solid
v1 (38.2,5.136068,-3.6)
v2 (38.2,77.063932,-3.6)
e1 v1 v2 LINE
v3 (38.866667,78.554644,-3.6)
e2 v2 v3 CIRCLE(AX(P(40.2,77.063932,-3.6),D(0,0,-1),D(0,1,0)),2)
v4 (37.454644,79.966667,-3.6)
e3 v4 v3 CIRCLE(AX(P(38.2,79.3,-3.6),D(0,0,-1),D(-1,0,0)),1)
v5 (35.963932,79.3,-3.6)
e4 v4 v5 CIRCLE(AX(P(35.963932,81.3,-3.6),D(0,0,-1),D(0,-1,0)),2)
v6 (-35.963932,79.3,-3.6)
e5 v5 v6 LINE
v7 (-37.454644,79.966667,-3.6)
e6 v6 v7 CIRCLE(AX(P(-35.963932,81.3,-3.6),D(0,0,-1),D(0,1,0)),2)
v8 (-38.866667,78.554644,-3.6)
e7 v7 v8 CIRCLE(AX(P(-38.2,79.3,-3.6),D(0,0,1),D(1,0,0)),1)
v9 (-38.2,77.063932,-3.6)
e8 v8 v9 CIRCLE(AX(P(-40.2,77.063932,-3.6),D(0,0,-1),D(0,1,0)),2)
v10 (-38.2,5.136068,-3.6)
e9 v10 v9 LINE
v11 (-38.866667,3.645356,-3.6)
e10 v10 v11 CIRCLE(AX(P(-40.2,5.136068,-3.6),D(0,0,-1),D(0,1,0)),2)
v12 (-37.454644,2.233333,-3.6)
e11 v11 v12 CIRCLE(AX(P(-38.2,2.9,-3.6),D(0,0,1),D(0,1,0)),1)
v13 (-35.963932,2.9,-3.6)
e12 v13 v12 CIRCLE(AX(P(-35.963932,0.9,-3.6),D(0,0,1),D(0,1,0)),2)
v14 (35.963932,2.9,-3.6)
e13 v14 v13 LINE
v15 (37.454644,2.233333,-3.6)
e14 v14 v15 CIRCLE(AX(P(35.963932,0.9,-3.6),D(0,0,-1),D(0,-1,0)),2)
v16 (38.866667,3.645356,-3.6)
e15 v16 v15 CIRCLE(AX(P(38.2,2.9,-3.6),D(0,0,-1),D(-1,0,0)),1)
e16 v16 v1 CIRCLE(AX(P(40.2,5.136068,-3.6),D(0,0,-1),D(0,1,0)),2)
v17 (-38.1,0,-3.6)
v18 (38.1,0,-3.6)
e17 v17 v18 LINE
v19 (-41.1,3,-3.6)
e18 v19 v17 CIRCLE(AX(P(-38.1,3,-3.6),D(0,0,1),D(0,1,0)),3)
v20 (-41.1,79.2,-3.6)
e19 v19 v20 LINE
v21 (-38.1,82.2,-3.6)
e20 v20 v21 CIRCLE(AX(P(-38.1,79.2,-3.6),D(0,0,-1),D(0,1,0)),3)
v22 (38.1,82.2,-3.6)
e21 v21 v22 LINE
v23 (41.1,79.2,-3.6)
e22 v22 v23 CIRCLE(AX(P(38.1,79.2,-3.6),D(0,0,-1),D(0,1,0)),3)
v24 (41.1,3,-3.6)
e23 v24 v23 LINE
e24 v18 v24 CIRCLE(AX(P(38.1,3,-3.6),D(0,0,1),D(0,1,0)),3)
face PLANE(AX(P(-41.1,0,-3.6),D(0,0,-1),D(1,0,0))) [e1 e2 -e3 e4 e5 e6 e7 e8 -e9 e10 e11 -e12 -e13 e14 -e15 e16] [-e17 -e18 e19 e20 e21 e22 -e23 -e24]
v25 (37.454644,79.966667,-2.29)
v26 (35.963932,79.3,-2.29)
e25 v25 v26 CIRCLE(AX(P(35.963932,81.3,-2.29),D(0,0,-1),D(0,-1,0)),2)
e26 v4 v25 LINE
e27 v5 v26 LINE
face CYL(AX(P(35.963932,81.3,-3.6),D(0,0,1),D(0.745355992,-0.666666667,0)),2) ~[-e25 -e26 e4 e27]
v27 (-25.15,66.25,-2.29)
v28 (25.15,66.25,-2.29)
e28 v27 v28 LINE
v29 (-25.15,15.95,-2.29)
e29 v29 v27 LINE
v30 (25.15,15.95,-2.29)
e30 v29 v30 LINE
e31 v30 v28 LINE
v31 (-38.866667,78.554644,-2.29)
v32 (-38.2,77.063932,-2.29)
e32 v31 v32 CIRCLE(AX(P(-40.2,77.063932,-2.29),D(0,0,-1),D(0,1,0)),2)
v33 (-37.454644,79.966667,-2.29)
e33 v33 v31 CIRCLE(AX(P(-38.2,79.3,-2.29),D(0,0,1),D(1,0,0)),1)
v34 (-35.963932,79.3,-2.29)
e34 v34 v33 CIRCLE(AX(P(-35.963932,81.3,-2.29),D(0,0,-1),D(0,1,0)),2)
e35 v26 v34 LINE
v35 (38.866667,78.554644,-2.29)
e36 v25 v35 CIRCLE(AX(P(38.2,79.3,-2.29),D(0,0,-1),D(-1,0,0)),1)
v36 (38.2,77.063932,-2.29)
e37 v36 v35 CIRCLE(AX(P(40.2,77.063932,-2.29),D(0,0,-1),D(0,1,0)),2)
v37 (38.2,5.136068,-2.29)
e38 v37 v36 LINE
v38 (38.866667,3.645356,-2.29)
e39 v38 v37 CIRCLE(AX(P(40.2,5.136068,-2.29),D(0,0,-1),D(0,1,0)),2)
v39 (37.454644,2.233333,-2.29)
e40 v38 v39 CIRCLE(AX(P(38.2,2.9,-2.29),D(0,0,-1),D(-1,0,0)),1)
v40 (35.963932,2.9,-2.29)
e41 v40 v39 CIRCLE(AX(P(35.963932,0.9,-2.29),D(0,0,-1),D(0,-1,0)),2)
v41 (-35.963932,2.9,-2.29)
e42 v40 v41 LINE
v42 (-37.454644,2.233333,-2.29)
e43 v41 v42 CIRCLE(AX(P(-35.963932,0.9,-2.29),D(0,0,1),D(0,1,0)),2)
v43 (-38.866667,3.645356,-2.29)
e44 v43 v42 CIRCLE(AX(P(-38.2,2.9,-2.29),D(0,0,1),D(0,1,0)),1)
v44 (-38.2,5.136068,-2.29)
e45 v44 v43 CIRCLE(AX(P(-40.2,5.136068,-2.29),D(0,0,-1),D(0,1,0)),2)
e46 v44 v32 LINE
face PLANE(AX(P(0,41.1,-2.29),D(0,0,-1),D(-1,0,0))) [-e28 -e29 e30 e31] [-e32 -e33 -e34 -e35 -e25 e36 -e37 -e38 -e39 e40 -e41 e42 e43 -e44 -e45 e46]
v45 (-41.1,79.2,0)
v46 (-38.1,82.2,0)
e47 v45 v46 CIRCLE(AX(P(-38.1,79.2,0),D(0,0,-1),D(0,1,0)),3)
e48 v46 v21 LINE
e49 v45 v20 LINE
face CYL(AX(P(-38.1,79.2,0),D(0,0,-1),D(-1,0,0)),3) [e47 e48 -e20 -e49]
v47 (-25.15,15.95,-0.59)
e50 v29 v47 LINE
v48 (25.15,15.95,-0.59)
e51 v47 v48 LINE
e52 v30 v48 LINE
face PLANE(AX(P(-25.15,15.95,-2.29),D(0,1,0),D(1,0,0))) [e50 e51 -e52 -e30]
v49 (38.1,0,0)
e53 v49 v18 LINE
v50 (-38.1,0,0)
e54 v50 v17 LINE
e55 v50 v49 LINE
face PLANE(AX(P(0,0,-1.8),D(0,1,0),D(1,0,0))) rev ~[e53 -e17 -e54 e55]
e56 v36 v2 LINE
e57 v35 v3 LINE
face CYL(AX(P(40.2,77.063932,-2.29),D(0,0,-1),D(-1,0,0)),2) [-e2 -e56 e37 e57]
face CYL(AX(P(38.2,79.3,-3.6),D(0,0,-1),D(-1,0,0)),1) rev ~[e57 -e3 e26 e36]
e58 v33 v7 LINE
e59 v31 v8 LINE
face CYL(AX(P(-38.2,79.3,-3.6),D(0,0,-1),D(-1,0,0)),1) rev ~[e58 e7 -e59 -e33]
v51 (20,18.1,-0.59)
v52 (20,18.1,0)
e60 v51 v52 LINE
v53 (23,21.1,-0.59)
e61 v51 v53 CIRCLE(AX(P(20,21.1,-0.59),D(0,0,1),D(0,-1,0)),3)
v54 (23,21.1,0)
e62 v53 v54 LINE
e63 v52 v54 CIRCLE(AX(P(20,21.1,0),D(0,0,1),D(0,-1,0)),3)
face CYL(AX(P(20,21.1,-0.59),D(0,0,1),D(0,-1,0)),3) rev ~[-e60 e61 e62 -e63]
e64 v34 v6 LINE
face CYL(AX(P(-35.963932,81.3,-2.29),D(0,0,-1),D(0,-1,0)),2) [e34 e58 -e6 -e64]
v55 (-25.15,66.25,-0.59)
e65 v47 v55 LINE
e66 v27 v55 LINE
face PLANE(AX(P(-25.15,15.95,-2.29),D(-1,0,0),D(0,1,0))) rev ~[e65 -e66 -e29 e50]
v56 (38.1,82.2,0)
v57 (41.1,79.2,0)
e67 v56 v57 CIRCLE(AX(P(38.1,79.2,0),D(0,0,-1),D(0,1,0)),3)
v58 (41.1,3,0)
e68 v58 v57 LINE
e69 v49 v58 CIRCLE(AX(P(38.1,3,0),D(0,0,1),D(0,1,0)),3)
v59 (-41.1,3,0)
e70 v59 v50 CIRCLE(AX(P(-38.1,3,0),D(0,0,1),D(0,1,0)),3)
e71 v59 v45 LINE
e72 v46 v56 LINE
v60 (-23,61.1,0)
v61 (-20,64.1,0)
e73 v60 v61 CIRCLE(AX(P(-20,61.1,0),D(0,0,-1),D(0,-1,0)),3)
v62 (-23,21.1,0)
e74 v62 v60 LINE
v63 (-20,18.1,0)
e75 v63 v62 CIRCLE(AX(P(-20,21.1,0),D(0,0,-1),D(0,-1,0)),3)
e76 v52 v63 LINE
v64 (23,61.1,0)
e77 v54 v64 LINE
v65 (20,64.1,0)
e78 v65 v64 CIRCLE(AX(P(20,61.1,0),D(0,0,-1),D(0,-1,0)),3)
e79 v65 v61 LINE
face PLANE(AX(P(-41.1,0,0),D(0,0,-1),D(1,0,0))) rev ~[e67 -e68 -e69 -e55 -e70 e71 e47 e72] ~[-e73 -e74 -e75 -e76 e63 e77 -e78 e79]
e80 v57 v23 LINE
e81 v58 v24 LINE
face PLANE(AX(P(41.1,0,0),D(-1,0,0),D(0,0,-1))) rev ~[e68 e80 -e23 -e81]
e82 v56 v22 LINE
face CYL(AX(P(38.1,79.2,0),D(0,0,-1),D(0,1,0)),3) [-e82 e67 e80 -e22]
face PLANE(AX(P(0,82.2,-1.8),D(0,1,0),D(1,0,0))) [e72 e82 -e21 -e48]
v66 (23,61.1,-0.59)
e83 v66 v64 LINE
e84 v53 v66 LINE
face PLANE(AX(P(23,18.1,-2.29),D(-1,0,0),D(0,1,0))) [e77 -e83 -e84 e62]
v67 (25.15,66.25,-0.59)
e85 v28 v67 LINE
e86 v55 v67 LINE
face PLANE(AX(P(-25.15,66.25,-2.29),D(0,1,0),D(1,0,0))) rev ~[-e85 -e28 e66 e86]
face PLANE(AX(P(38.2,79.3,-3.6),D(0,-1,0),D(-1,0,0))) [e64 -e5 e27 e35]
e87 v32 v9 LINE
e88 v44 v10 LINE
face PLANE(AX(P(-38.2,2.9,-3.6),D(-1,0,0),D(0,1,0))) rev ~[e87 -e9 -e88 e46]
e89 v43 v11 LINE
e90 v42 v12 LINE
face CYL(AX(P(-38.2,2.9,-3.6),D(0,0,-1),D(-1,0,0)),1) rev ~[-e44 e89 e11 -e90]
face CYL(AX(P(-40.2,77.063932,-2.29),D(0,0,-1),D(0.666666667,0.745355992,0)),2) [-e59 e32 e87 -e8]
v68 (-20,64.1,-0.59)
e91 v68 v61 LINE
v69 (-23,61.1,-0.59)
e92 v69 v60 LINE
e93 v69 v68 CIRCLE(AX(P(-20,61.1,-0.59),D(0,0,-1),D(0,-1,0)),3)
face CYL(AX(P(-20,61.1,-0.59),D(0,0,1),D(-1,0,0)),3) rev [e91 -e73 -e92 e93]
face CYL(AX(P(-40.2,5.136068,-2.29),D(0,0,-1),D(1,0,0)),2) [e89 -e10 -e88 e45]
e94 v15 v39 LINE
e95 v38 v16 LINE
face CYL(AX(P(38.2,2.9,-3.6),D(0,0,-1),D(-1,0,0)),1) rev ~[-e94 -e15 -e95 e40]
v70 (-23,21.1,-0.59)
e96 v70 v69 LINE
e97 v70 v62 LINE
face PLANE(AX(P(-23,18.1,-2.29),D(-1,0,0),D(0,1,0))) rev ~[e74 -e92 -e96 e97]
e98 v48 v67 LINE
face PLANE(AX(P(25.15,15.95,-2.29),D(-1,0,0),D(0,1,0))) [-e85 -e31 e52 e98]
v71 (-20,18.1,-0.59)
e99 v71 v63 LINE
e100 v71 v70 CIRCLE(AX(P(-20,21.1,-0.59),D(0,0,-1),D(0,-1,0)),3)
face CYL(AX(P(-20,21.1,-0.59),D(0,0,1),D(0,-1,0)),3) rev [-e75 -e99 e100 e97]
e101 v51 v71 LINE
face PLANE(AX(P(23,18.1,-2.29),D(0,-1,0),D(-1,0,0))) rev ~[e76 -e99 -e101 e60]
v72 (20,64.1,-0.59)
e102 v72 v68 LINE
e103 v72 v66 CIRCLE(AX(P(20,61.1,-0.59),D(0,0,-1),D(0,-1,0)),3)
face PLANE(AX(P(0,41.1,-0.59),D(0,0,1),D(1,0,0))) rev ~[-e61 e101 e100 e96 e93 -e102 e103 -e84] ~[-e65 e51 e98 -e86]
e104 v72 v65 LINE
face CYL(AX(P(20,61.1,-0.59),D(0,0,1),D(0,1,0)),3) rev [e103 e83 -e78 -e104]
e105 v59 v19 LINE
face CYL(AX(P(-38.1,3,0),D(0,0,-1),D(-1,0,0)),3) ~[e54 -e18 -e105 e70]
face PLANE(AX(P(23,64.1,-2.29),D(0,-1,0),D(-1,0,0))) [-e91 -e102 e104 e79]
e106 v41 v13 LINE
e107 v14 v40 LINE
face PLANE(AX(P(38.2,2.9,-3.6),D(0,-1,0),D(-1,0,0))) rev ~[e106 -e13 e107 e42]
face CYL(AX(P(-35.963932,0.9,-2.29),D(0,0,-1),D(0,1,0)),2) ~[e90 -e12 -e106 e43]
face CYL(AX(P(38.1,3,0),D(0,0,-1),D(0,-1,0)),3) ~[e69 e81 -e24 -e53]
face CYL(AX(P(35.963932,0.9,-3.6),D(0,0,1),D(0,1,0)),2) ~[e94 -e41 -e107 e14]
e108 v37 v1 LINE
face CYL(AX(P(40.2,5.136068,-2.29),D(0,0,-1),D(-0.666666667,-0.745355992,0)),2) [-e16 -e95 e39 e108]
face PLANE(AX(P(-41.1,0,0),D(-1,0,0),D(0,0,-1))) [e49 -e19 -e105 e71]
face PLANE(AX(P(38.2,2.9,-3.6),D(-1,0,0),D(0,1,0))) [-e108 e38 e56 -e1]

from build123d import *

# Parameters (mm, degrees)
SKETCH1_W           = 82.2
SKETCH1_H           = 3.6
BOSS_EXTRUDE1_DEPTH = 82.2
SKETCH2_W           = 76.4
SKETCH2_H           = 76.4
CUT_EXTRUDE1_DEPTH  = 1.31
SKETCH4_R           = 1
CUT_EXTRUDE3_DEPTH  = 1.31
SKETCH3_W           = 46
SKETCH3_H           = 46
CUT_EXTRUDE2_DEPTH  = 92.930920261
SKETCH6_W           = 50.3
SKETCH6_H           = 50.3
CUT_EXTRUDE4_DEPTH  = 1.7
FILLET1_R           = 3
FILLET2_R           = 2


with BuildPart() as part:
    # Sketch1 → Boss-Extrude1 (new body)
    with BuildSketch(Plane(origin=(0, 0, 0), x_dir=(1, 0, 0), z_dir=(0, 1, 0))):
        with Locations((0, 1.8)):
            Rectangle(SKETCH1_W, SKETCH1_H)
    extrude(amount=BOSS_EXTRUDE1_DEPTH)

    # Sketch2 → Cut-Extrude1 (cut)
    with BuildSketch(Plane(origin=(0, 0, -3.6), x_dir=(-1, 0, 0), z_dir=(0, 0, -1))):
        with Locations((0, 41.1)):
            Rectangle(SKETCH2_W, SKETCH2_H)
    extrude(amount=-CUT_EXTRUDE1_DEPTH, mode=Mode.SUBTRACT)

    # Sketch4 → Cut-Extrude3 (cut)
    with BuildSketch(Plane(origin=(0, 0, -3.6), x_dir=(-1, 0, 0), z_dir=(0, 0, -1))):
        with Locations((38.2, 2.9)):
            Circle(SKETCH4_R)
        with Locations((38.2, 79.3)):
            Circle(SKETCH4_R)
        with Locations((-38.2, 2.9)):
            Circle(SKETCH4_R)
        with Locations((-38.2, 79.3)):
            Circle(SKETCH4_R)
    extrude(amount=-CUT_EXTRUDE3_DEPTH, mode=Mode.SUBTRACT)

    # Sketch3 → Cut-Extrude2 (cut, through all)
    with BuildSketch(Plane(origin=(0, 0, -2.29), x_dir=(-1, 0, 0), z_dir=(0, 0, -1))):
        with Locations((0, 41.1)):
            Rectangle(SKETCH3_W, SKETCH3_H)
    extrude(amount=-CUT_EXTRUDE2_DEPTH, mode=Mode.SUBTRACT)

    # Sketch6 → Cut-Extrude4 (cut)
    with BuildSketch(Plane.XY.offset(-2.29)):
        with Locations((0, 41.1)):
            Rectangle(SKETCH6_W, SKETCH6_H)
    extrude(amount=CUT_EXTRUDE4_DEPTH, mode=Mode.SUBTRACT)

    # Fillet1
    fillet1_edges = [part.edges().sort_by_distance(p)[0] for p in [
        (-41.1, 82.2, -1.8),
        (41.1, 82.2, -1.8),
        (-41.1, 0, -1.8),
        (41.1, 0, -1.8),
        (23, 18.1, -0.295),
        (23, 64.1, -0.295),
        (-23, 64.1, -0.295),
        (-23, 18.1, -0.295),
    ]]
    fillet(fillet1_edges, radius=FILLET1_R)

    # Fillet2
    fillet2_edges = [part.edges().sort_by_distance(p)[0] for p in [
        (-37.2, 79.3, -2.945),
        (-38.2, 78.3, -2.945),
        (38.2, 3.9, -2.945),
        (37.2, 2.9, -2.945),
        (38.2, 78.3, -2.945),
        (37.2, 79.3, -2.945),
        (-38.2, 3.9, -2.945),
        (-37.2, 2.9, -2.945),
    ]]
    fillet(fillet2_edges, radius=FILLET2_R)


solid = part.part
